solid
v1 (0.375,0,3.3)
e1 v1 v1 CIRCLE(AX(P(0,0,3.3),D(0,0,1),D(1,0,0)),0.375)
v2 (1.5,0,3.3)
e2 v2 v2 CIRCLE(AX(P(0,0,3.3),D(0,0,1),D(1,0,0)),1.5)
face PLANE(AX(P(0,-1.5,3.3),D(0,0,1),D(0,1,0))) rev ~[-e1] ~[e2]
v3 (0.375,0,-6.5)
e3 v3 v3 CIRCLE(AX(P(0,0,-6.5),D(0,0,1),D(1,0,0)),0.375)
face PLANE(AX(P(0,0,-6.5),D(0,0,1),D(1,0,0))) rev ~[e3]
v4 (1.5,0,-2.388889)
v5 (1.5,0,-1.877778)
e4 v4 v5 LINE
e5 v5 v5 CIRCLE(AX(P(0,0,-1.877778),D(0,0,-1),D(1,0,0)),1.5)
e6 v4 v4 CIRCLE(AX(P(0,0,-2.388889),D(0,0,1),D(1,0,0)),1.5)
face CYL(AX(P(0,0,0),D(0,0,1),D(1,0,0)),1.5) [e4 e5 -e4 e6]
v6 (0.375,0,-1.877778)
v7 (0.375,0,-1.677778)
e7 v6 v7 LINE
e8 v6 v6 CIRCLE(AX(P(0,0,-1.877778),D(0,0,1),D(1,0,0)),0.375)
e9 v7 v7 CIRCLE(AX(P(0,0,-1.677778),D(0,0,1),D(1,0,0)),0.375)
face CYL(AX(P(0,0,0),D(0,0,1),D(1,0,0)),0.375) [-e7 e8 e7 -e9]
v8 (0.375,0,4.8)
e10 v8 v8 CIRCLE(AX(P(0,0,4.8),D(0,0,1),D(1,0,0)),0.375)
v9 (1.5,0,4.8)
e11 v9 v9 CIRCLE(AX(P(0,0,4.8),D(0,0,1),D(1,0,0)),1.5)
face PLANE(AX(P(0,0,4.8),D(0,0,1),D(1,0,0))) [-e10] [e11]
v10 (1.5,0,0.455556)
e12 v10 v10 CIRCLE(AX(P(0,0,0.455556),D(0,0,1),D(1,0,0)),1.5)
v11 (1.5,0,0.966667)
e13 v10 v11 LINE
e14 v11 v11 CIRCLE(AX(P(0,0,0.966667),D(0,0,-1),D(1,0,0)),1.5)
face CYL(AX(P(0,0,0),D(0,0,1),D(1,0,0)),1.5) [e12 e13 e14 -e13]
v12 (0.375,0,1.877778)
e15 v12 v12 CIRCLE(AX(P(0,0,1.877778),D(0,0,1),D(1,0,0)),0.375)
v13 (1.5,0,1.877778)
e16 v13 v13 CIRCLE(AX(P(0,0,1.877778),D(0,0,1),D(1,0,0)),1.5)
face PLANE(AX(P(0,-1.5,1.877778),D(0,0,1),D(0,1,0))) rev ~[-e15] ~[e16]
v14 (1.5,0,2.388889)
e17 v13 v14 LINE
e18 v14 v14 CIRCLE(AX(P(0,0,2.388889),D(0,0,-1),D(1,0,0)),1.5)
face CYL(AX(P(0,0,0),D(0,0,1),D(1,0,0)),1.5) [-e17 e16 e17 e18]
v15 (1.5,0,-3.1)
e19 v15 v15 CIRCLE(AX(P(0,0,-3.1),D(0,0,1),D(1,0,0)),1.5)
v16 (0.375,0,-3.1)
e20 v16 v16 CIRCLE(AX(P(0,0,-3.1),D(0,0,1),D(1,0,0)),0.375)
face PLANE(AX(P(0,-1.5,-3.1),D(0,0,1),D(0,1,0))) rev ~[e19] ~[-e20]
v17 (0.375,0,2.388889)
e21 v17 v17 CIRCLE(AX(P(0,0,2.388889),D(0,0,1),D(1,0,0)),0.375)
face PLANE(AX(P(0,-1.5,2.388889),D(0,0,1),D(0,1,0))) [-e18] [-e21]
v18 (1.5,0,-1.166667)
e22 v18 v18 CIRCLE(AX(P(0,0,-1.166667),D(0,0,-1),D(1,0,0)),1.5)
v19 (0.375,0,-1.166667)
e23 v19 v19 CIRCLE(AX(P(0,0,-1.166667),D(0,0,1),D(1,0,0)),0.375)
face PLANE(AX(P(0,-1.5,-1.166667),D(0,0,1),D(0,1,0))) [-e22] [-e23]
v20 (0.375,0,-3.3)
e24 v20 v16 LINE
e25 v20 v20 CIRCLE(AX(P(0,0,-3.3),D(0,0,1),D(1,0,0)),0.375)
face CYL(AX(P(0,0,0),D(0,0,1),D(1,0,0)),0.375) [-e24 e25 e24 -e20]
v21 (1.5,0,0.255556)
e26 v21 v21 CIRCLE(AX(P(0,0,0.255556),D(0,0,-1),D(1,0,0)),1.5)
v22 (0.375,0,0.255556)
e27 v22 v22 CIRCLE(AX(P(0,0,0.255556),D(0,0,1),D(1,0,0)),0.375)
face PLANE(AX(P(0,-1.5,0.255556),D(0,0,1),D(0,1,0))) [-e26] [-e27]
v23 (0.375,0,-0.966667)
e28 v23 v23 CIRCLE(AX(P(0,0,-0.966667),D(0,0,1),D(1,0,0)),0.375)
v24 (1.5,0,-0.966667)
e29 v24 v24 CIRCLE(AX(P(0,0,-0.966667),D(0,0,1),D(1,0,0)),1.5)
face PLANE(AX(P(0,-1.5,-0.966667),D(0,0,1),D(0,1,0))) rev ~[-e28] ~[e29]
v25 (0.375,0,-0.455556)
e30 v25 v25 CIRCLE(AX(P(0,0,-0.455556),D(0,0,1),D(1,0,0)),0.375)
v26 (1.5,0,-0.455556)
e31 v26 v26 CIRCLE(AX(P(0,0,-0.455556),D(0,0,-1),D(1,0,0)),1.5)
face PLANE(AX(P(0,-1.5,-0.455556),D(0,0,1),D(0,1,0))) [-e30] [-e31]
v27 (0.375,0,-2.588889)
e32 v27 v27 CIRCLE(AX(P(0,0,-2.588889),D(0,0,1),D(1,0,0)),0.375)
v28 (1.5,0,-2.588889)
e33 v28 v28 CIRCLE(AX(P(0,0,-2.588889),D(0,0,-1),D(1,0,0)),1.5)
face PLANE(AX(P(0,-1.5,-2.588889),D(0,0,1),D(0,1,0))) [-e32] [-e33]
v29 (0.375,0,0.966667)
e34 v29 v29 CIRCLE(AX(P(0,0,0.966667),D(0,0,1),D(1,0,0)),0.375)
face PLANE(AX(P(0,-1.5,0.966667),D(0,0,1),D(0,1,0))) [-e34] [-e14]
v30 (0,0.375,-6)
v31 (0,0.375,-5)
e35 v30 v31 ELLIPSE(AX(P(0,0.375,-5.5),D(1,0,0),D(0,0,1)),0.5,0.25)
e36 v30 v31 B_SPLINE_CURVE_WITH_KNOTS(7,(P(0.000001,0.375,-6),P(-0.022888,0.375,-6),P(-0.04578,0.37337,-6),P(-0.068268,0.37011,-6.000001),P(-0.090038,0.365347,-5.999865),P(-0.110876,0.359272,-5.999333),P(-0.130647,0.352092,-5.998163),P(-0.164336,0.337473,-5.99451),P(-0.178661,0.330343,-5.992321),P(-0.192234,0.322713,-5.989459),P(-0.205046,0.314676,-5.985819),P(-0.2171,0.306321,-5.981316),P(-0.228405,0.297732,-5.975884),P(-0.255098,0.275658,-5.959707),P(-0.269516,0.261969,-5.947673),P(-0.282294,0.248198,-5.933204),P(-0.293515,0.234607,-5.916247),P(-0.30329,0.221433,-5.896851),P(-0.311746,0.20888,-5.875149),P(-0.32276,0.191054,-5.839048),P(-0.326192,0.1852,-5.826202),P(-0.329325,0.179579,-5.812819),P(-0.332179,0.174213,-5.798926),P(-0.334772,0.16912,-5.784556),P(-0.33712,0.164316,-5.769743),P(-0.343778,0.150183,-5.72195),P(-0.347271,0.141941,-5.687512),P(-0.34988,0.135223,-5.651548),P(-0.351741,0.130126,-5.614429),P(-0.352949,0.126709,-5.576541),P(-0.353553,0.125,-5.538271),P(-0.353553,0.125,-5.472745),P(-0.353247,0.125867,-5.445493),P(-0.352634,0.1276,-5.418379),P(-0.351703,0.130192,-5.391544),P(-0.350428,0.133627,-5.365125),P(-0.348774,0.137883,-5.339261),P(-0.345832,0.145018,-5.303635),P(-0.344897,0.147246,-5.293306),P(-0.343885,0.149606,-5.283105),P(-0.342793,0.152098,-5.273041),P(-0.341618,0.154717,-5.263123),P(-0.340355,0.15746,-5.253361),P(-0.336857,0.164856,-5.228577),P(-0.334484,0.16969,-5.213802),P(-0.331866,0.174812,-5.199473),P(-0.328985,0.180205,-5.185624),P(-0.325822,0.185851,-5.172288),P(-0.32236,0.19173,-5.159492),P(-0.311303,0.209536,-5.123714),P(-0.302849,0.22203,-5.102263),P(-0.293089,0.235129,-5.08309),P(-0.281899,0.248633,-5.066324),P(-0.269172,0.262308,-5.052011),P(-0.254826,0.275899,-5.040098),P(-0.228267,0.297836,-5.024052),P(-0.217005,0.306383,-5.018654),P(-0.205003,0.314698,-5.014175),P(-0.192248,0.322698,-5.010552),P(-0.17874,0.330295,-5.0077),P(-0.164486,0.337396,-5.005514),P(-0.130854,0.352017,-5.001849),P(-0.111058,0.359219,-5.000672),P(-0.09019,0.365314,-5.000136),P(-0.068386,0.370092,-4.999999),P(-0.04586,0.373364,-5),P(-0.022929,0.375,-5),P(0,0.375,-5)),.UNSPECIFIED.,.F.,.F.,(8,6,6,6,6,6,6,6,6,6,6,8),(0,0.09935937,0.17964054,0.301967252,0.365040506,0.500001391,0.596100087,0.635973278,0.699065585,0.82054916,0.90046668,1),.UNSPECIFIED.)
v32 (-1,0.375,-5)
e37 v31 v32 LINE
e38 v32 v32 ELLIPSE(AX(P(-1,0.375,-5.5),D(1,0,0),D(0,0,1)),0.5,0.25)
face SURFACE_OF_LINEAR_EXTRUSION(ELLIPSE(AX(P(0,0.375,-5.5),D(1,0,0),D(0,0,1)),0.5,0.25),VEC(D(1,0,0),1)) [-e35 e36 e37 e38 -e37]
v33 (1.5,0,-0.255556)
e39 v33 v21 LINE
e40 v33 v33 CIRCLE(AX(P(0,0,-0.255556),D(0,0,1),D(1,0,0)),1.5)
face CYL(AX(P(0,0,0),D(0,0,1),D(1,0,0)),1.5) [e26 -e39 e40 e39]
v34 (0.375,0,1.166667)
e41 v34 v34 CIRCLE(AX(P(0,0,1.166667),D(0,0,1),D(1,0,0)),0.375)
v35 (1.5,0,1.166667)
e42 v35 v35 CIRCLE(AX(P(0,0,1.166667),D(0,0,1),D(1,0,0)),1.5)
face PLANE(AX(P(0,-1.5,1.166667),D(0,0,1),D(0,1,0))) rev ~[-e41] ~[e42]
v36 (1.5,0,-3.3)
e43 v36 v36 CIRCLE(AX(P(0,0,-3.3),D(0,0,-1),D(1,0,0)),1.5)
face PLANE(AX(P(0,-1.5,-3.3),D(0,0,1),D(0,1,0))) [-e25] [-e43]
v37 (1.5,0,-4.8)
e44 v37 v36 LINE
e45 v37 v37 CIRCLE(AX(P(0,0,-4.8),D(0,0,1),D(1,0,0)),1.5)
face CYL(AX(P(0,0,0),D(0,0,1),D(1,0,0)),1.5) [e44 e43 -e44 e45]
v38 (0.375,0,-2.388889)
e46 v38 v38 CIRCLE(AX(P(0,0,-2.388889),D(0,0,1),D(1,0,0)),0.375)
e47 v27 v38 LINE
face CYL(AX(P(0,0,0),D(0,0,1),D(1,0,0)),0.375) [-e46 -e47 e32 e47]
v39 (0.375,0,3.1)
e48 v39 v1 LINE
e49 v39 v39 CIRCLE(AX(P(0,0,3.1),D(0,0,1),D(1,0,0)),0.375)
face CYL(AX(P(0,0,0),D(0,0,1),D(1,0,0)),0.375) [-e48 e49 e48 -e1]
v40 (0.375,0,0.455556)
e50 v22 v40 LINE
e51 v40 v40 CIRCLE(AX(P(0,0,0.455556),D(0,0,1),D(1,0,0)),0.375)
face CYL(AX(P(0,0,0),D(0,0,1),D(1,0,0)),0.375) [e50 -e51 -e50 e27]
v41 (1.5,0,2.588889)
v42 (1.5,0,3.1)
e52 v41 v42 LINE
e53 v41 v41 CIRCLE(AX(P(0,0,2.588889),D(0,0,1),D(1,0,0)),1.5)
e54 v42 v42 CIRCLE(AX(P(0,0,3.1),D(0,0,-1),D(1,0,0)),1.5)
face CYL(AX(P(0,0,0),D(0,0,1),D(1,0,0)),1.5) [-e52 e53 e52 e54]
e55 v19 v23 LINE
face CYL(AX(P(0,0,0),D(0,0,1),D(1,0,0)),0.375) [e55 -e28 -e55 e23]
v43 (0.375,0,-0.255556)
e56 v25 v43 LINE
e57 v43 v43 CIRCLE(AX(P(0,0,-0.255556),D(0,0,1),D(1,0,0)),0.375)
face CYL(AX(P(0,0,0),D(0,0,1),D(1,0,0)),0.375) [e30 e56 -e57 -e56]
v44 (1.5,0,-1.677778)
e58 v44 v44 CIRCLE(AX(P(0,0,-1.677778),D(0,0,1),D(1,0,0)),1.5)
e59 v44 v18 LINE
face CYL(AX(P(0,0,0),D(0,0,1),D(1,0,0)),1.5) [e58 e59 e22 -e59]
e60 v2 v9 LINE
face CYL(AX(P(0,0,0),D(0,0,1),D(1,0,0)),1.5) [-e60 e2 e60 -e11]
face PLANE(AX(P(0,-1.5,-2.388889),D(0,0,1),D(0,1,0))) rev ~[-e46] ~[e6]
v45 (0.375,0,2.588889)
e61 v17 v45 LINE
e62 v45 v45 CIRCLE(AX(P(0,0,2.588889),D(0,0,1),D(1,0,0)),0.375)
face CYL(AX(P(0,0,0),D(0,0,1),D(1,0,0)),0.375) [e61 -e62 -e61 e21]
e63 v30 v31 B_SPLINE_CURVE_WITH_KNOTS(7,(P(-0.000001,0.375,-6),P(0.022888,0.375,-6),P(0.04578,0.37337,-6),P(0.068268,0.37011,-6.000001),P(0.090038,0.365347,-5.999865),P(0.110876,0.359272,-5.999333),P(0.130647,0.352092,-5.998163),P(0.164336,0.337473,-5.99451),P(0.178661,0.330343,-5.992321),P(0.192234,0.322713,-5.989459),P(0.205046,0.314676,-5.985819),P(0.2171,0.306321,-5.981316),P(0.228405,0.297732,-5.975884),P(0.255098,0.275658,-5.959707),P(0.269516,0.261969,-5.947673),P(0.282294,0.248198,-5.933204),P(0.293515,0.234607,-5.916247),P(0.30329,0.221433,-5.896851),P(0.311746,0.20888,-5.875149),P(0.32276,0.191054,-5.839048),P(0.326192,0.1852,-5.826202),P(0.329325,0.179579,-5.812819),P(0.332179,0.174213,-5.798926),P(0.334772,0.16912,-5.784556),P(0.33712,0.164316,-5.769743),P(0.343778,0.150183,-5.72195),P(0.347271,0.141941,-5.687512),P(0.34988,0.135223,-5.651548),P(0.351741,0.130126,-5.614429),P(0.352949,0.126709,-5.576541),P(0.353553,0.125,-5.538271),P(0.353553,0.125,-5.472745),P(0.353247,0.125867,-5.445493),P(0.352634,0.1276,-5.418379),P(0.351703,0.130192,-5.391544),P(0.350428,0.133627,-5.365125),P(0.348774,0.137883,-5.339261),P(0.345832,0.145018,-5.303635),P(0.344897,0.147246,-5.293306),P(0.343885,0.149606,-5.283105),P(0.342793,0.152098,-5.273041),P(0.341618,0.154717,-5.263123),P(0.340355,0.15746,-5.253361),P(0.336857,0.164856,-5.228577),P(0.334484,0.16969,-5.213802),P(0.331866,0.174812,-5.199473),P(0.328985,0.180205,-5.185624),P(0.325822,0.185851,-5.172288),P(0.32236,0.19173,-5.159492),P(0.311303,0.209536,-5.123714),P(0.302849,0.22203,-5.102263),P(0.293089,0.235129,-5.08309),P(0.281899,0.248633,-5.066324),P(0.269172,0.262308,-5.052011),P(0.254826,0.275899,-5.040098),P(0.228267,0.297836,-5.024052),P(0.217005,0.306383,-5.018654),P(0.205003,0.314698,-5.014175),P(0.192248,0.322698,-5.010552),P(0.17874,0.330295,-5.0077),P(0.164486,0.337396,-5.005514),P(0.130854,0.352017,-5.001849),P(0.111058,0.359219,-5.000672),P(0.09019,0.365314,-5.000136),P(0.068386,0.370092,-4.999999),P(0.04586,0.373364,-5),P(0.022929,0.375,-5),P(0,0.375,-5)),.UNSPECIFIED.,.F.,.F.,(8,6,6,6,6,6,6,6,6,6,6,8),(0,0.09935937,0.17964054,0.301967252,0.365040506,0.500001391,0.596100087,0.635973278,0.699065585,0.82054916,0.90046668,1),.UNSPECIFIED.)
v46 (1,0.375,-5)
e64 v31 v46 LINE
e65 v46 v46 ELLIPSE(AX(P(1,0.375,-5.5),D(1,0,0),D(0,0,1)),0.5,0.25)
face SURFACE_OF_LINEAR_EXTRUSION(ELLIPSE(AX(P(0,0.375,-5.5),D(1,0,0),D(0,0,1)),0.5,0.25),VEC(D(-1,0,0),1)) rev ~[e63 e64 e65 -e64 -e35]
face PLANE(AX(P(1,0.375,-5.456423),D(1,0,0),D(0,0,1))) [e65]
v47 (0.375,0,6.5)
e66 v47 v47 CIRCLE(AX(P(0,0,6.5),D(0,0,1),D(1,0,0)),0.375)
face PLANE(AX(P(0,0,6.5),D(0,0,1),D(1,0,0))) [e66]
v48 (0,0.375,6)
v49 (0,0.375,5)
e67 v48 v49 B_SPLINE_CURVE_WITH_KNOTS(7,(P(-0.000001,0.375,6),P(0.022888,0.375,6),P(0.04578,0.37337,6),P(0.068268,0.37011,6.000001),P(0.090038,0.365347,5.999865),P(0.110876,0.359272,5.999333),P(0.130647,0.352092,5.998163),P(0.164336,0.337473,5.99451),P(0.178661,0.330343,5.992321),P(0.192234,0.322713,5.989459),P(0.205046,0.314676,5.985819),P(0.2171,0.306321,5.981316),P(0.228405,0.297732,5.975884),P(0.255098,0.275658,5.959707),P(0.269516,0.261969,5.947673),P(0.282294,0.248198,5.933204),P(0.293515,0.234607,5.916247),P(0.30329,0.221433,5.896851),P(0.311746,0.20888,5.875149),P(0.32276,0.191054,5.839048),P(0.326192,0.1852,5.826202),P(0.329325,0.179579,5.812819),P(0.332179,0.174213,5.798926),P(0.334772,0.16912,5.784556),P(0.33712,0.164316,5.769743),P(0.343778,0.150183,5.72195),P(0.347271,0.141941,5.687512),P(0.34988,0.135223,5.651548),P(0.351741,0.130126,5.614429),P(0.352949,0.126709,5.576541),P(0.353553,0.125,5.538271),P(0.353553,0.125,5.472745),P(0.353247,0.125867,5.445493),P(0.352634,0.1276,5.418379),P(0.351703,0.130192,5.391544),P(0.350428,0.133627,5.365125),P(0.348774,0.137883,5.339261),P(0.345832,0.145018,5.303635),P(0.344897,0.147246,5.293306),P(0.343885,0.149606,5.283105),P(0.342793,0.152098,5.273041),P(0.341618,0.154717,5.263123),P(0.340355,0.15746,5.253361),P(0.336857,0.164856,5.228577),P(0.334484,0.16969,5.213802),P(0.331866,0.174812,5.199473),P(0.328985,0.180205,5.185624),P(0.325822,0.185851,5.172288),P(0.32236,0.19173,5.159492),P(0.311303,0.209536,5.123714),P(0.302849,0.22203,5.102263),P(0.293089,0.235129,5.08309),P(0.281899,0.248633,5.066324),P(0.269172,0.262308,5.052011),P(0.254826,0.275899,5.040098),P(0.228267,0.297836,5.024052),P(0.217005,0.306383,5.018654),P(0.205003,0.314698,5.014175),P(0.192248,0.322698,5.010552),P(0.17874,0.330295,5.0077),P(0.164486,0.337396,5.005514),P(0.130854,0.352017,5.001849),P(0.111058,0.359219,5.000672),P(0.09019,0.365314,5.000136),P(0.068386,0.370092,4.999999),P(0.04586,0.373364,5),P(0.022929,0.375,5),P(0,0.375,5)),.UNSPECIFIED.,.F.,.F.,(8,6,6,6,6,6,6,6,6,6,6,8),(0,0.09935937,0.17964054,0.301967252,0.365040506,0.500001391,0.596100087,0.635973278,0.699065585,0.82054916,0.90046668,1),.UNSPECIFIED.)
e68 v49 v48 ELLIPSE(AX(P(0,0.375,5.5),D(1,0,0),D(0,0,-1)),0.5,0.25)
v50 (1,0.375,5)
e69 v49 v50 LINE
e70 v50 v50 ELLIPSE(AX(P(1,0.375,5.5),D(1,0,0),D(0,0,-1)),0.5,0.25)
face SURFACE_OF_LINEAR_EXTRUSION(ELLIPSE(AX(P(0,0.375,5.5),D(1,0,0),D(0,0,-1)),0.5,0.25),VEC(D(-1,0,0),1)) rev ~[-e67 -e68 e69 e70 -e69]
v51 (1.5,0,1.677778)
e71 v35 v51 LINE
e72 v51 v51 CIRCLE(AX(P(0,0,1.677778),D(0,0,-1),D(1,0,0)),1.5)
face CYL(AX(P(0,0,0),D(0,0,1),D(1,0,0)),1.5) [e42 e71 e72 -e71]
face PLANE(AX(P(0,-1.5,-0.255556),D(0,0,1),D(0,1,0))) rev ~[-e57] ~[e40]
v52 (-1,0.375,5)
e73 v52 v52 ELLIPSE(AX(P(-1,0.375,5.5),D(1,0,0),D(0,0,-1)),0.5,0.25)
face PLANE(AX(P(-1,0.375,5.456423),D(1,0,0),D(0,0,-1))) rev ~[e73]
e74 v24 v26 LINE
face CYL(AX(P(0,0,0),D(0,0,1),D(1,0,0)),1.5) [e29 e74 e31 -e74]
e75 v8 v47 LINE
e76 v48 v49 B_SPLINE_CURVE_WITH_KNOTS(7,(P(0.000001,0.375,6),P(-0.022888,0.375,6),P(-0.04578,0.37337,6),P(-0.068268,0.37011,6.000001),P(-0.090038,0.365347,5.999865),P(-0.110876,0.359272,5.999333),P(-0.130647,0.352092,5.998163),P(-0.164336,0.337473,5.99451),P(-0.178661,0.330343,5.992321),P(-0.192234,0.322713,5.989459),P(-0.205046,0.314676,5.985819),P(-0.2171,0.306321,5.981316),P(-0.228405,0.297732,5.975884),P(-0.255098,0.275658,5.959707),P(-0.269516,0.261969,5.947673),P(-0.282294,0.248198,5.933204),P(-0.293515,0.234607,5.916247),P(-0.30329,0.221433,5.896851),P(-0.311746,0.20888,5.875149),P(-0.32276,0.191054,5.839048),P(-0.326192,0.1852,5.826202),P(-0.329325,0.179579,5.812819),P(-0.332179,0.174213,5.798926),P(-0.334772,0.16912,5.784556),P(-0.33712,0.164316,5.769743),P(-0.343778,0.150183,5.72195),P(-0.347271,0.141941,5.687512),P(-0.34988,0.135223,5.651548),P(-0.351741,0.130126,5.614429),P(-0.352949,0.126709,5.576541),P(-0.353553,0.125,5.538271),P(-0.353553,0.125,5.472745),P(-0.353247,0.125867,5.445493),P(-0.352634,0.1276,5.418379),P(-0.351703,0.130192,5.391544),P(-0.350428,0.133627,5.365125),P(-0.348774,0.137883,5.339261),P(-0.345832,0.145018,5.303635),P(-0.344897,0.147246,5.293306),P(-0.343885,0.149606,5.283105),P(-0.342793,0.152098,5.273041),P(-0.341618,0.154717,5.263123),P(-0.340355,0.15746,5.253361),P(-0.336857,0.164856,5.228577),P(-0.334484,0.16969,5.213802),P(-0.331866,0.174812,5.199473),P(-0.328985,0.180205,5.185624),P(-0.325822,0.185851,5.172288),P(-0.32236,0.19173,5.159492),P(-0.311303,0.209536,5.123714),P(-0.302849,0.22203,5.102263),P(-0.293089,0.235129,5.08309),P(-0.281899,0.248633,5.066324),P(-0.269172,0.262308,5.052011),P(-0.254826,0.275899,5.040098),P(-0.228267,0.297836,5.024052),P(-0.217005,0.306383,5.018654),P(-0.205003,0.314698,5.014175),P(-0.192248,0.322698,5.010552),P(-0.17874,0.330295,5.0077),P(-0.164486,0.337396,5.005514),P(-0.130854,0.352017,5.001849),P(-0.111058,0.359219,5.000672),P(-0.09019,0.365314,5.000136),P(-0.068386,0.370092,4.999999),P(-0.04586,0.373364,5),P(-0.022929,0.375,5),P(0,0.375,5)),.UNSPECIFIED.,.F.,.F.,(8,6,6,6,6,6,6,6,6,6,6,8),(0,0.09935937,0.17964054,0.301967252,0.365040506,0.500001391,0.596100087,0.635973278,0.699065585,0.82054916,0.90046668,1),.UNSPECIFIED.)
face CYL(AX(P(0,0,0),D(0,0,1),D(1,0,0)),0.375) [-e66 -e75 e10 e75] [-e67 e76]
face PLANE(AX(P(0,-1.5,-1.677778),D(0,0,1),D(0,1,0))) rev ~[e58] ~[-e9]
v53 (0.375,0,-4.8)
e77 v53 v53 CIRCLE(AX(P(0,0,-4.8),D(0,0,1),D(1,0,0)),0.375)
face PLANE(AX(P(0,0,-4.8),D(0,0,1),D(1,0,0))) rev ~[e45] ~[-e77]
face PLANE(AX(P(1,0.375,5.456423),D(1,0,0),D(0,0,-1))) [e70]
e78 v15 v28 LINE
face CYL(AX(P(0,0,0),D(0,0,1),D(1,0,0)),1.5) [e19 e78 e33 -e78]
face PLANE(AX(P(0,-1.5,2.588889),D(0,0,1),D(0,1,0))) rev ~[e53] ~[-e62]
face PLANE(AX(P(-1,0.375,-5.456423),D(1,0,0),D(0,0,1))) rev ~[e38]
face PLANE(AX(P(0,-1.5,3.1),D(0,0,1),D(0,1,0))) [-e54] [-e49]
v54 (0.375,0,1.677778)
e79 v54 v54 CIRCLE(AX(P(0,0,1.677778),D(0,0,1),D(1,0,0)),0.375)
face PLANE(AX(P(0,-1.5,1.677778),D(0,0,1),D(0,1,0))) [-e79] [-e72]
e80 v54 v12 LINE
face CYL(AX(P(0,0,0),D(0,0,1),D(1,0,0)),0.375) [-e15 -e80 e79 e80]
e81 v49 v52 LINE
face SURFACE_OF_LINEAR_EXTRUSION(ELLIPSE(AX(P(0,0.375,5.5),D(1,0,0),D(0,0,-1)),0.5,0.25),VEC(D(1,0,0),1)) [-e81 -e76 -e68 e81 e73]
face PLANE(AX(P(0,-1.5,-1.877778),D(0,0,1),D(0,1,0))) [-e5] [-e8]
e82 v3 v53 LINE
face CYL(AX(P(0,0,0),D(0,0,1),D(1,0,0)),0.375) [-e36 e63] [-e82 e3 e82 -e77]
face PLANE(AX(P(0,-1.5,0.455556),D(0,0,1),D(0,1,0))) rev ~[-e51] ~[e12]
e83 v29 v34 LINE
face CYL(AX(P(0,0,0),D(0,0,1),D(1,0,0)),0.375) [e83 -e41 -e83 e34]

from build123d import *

# Parameters (mm, degrees)
SKETCH1_R               = 1.5
BOSS_EXTRUDE1_DEPTH     = 4.8
SKETCH2_W               = 0.2
SKETCH2_H               = 3
CUT_EXTRUDE1_DEPTH      = 2.5
CUT_EXTRUDE1_DEPTH_BACK = 2.5
SKETCH3_R               = 0.375
BOSS_EXTRUDE2_DEPTH     = 6.5
SKETCH4_RX              = 0.5
SKETCH4_RY              = 0.25
BOSS_EXTRUDE3_DEPTH     = 1


with BuildPart() as part:
    # Sketch1 → Boss-Extrude1 (new body, symmetric)
    with BuildSketch(Plane.XY):
        Circle(SKETCH1_R)
    extrude(amount=BOSS_EXTRUDE1_DEPTH, both=True)

    # Sketch2 → Cut-Extrude1 (cut, two sides)
    with BuildSketch(Plane(origin=(0, 0, 0), x_dir=(0, 0, -1), z_dir=(1, 0, 0))) as cut_extrude1_sk:
        with Locations((-3.2, 0)):
            Rectangle(SKETCH2_W, SKETCH2_H)
        with Locations((-2.488888889, 0)):
            Rectangle(SKETCH2_W, SKETCH2_H)
        with Locations((-1.777777778, 0)):
            Rectangle(SKETCH2_W, SKETCH2_H)
        with Locations((-1.066666667, 0)):
            Rectangle(SKETCH2_W, SKETCH2_H)
        with Locations((-0.355555556, 0)):
            Rectangle(SKETCH2_W, SKETCH2_H)
        with Locations((0.355555556, 0)):
            Rectangle(SKETCH2_W, SKETCH2_H)
        with Locations((1.066666667, 0)):
            Rectangle(SKETCH2_W, SKETCH2_H)
        with Locations((1.777777778, 0)):
            Rectangle(SKETCH2_W, SKETCH2_H)
        with Locations((2.488888889, 0)):
            Rectangle(SKETCH2_W, SKETCH2_H)
        with Locations((3.2, 0)):
            Rectangle(SKETCH2_W, SKETCH2_H)
    extrude(amount=CUT_EXTRUDE1_DEPTH, mode=Mode.SUBTRACT)
    extrude(cut_extrude1_sk.sketch, amount=-CUT_EXTRUDE1_DEPTH_BACK, mode=Mode.SUBTRACT)

    # Sketch3 → Boss-Extrude2 (add, symmetric)
    with BuildSketch(Plane.XY):
        Circle(SKETCH3_R)
    extrude(amount=BOSS_EXTRUDE2_DEPTH, both=True)

    # Sketch4 → Boss-Extrude3 (add, symmetric)
    with BuildSketch(Plane(origin=(0, 0, 0), x_dir=(0, 0, -1), z_dir=(1, 0, 0))):
        with Locations((-5.5, 0.375)):
            Ellipse(SKETCH4_RX, SKETCH4_RY)
        with Locations(Location((5.5, 0.375), (0, 0, 180))):
            Ellipse(SKETCH4_RX, SKETCH4_RY)
    extrude(amount=BOSS_EXTRUDE3_DEPTH, both=True)


solid = part.part
